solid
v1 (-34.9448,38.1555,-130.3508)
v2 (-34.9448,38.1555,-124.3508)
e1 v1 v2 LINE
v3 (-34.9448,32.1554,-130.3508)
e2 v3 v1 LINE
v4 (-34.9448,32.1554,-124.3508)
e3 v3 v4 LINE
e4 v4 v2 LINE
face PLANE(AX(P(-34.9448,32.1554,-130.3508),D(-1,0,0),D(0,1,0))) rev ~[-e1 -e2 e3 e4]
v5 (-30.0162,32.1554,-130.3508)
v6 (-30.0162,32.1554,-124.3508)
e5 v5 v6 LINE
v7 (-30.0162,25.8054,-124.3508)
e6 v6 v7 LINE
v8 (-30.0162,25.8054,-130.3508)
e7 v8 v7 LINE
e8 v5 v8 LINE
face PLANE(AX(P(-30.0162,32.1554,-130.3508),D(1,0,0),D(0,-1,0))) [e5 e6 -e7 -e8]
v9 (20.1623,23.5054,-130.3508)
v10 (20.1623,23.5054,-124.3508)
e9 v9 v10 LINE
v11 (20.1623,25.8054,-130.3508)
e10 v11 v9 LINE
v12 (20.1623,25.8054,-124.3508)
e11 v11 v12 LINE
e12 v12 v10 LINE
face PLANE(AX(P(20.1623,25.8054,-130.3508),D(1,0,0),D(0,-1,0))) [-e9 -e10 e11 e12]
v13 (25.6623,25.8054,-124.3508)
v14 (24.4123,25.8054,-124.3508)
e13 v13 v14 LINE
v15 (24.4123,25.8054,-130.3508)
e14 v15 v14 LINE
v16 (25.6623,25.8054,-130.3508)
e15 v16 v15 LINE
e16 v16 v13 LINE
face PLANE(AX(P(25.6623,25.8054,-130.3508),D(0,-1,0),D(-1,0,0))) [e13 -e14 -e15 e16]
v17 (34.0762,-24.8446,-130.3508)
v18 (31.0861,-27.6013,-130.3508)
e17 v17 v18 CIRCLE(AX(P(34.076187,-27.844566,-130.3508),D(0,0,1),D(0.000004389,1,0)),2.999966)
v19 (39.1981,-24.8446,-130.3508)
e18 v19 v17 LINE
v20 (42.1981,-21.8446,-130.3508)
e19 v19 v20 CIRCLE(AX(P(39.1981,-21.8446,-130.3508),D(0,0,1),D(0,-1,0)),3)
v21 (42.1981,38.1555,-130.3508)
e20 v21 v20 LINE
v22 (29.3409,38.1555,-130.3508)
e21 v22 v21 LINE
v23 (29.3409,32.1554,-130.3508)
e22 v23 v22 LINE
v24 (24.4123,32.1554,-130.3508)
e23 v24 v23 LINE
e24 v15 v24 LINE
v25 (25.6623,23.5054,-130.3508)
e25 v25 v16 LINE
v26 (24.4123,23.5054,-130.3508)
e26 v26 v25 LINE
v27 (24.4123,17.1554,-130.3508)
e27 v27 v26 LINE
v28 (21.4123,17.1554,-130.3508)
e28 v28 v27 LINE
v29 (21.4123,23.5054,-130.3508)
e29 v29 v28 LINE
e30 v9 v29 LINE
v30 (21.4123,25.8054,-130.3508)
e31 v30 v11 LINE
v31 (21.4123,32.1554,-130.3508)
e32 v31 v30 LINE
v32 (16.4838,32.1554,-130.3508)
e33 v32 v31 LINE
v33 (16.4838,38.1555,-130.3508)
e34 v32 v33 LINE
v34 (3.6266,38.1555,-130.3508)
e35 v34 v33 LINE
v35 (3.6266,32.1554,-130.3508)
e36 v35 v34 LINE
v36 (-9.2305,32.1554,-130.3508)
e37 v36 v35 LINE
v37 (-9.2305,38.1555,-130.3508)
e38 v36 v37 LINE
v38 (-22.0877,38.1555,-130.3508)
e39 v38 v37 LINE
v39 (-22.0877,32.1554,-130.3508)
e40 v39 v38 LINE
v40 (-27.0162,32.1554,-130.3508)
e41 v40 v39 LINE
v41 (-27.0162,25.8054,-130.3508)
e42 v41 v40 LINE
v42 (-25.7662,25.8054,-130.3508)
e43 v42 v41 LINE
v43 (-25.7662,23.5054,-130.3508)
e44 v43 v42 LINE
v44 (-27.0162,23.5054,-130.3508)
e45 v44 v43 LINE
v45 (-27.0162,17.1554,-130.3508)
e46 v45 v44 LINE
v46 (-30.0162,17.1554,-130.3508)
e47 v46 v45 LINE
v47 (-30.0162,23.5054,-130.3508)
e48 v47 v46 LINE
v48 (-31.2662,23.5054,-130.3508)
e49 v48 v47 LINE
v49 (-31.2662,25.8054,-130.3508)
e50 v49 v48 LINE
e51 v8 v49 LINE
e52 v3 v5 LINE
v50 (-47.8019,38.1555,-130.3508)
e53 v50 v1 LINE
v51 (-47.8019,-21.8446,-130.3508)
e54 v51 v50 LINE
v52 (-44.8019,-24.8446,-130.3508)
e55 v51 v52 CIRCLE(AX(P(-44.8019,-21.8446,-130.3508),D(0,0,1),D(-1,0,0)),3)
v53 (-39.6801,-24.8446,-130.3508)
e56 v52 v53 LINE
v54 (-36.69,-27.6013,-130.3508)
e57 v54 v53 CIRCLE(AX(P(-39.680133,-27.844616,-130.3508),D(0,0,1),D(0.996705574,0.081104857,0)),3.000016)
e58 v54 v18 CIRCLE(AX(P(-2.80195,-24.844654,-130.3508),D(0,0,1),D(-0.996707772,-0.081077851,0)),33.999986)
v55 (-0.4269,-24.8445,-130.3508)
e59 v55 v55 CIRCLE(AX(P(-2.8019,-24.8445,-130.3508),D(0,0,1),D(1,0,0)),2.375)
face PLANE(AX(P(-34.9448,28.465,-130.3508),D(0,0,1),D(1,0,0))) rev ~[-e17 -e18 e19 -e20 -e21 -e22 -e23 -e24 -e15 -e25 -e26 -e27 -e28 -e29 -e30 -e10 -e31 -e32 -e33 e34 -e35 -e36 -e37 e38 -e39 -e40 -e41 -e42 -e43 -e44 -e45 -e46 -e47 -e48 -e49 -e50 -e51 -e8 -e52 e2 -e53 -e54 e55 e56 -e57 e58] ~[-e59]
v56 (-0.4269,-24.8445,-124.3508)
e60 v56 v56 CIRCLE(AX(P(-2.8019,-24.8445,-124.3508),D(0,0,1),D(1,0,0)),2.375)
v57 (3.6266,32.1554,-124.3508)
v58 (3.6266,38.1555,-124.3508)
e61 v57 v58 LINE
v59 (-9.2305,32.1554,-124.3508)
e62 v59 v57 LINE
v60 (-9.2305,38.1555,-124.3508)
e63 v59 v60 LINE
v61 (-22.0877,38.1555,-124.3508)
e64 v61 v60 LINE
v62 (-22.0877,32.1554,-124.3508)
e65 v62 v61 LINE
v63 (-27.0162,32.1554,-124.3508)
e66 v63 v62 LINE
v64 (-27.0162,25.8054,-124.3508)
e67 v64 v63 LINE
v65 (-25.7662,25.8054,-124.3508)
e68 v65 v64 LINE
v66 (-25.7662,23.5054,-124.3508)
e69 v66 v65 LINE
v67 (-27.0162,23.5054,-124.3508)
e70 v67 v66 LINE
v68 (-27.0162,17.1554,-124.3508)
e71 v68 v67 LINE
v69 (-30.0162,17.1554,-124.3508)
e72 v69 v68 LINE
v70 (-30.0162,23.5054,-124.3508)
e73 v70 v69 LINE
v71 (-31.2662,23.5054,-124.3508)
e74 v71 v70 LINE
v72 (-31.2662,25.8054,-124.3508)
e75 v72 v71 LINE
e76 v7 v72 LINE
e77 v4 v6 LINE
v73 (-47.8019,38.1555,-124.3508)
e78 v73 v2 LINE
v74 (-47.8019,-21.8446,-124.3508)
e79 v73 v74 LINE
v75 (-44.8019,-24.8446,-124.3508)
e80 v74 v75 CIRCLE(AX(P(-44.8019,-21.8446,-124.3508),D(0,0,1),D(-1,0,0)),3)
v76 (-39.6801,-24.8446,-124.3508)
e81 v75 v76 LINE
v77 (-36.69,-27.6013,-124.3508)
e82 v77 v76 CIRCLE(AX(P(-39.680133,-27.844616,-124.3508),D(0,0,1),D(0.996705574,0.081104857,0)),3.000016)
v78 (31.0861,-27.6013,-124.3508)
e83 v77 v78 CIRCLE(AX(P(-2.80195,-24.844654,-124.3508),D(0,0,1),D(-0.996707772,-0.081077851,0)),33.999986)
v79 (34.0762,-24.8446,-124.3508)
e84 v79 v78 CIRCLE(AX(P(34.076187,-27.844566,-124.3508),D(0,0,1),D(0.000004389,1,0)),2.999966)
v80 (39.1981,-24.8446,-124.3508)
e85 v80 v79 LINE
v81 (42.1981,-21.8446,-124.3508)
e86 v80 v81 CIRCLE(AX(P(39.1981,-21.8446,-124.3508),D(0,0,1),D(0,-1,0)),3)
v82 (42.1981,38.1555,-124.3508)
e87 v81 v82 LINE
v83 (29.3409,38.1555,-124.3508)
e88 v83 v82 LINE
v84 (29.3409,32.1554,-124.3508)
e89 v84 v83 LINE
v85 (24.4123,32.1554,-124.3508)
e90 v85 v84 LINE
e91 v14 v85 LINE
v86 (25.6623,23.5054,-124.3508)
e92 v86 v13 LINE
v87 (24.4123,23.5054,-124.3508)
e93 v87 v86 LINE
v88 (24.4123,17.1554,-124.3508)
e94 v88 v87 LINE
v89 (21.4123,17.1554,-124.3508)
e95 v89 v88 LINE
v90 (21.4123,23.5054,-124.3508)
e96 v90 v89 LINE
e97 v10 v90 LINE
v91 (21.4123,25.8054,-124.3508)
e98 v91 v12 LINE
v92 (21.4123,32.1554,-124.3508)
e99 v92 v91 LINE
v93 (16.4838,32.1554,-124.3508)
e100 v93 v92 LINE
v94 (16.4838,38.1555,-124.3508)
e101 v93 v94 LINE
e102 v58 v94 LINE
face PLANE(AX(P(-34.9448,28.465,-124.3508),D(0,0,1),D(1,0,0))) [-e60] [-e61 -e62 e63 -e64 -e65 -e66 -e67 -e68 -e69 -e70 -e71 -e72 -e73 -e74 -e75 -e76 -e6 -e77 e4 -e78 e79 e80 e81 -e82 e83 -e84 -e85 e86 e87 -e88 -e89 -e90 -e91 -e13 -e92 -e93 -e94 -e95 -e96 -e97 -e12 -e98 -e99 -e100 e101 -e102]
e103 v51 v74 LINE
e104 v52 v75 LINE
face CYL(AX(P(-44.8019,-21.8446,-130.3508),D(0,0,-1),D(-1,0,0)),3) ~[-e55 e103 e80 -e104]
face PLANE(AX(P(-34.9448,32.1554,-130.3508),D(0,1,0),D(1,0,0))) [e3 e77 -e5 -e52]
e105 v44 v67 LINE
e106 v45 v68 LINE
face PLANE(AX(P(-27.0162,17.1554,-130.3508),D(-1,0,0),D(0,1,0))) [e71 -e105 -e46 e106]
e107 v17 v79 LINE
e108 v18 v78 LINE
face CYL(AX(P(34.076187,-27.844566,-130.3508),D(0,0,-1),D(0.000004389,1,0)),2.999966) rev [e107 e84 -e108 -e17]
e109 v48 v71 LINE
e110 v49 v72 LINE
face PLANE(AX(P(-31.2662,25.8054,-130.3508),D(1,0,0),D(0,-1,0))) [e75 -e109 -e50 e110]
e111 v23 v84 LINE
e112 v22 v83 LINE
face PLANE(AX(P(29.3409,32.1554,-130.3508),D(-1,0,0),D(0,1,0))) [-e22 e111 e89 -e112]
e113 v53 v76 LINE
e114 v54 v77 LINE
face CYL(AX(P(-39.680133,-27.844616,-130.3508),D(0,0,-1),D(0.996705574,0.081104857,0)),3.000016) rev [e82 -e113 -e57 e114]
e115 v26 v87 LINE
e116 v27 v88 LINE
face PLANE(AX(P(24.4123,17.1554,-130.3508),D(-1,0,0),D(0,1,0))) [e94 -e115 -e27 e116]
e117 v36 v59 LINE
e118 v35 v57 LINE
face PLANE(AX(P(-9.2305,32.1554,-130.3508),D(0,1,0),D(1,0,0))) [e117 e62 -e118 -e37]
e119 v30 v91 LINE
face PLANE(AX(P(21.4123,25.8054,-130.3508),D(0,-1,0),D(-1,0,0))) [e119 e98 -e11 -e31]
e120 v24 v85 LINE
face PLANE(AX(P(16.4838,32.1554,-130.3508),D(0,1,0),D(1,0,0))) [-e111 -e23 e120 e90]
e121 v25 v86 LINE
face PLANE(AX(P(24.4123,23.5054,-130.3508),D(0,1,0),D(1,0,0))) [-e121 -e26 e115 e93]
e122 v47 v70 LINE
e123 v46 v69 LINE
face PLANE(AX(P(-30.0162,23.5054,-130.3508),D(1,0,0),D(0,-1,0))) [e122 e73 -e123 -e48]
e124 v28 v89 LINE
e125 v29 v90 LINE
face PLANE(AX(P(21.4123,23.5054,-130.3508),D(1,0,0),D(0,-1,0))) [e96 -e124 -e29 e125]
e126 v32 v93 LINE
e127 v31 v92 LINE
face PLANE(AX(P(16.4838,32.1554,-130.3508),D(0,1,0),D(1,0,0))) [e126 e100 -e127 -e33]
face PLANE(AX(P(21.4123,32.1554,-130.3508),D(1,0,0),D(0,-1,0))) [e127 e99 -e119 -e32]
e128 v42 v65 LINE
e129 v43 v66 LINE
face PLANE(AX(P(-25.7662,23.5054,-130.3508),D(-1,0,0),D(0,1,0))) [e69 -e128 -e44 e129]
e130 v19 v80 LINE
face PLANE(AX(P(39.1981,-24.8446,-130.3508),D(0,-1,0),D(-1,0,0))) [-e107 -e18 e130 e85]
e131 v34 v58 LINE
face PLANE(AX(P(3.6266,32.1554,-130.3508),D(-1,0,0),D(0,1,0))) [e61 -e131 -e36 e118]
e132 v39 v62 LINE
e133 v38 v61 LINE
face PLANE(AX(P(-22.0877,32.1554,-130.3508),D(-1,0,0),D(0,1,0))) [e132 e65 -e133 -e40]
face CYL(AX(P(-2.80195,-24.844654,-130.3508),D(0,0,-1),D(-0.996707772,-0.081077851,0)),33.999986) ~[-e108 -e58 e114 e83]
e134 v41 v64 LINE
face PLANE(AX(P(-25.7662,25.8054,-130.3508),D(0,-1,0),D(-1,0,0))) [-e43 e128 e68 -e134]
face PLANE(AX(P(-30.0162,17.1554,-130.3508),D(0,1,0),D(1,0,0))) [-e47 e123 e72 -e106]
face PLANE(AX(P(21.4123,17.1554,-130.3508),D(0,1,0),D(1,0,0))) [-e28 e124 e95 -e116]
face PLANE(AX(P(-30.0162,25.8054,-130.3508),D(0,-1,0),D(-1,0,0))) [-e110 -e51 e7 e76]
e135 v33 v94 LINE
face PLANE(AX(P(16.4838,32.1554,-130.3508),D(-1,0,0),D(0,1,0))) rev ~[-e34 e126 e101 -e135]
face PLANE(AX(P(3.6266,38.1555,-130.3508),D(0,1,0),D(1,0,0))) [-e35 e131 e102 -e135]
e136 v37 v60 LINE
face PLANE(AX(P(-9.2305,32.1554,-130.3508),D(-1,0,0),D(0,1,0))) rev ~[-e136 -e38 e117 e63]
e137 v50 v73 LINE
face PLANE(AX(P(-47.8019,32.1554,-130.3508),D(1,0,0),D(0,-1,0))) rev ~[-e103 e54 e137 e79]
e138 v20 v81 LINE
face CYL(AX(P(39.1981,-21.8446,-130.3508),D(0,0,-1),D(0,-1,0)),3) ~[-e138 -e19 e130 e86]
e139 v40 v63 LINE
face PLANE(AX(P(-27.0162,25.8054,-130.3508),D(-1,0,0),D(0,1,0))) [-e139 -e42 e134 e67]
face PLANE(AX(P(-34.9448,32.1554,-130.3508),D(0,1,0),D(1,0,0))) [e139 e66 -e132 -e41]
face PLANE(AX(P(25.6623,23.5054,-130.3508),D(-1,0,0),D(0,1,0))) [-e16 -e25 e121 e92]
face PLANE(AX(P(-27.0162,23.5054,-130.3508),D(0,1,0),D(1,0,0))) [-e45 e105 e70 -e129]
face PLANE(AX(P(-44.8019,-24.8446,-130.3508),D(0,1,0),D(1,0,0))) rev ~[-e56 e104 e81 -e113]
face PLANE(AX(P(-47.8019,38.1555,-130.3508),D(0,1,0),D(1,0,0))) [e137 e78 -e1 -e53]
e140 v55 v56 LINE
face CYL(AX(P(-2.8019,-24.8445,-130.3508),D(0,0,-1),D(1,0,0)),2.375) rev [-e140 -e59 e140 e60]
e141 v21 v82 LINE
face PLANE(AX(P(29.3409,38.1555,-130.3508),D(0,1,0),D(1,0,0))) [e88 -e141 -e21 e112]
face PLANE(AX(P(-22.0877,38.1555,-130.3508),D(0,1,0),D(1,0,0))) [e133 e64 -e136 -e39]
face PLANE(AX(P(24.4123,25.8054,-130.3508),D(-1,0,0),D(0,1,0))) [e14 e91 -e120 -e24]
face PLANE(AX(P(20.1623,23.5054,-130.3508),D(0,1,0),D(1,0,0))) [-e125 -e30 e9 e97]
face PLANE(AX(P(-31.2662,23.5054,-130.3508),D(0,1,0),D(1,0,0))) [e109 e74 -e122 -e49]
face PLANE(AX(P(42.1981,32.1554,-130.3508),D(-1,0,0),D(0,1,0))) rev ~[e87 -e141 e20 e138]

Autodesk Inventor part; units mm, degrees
ref_plane "YZ Plane" through (0, 0, 0) normal (1, 0, 0) x (0, 1, 0)
ref_plane "XZ Plane" through (0, 0, 0) normal (0, 1, 0) x (-1, 0, 0)
ref_plane "XY Plane" through (0, 0, 0) normal (0, 0, 1) x (1, 0, 0)
ref_plane "РабПлоскость1" through (-34.9448, 28.465, -130.3508) normal (0, 0, 1) x (1, 0, 0)
ref_plane "РабПлоскость2" through (-162.802, 331.465, 111.3492) normal (0, 0, 1) x (1, 0, 0)
sketch "Эскиз1" plane through (-34.9448, 28.465, -130.3508) normal (0, 0, 1) x (1, 0, 0)
  line L0 (0, 3.6904) -> (-12.8571, 3.6904) construction
  line L1 (0, 3.6904) -> (0, 9.6905) projected
  line L2 (-12.8571, 9.6905) -> (0, 9.6905) projected
  line L3 (-12.8571, 3.6904) -> (-12.8571, 9.6905) projected
  line L4 (25.7143, 3.6904) -> (12.8571, 3.6904) construction
  line L5 (25.7143, 3.6904) -> (25.7143, 9.6905) projected
  line L6 (12.8571, 9.6905) -> (25.7143, 9.6905) projected
  line L7 (12.8571, 3.6904) -> (12.8571, 9.6905) projected
  line L8 (51.4286, 3.6904) -> (38.5714, 3.6904) construction
  line L9 (51.4286, 3.6904) -> (51.4286, 9.6905) projected
  line L10 (38.5714, 9.6905) -> (51.4286, 9.6905) projected
  line L11 (38.5714, 3.6904) -> (38.5714, 9.6905) projected
  line L12 (77.1429, 3.6904) -> (64.2857, 3.6904) construction
  line L13 (77.1429, 3.6904) -> (77.1429, 9.6905) projected
  line L14 (64.2857, 9.6905) -> (77.1429, 9.6905) projected
  line L15 (64.2857, 3.6904) -> (64.2857, 9.6905) projected
  line L16 (0, 3.6904) -> (12.8571, 3.6904)
  line L17 (25.7143, 3.6904) -> (38.5714, 3.6904)
  line L18 (51.4286, 3.6904) -> (64.2857, 3.6904)
  line L19 (-12.8571, 3.6904) -> (-12.8571, -50.3096)
  line L20 (-9.8571, -53.3096) -> (-4.7353, -53.3096)
  line L21 (77.1429, 3.6904) -> (77.1429, -50.3096)
  line L22 (74.1429, -53.3096) -> (69.021, -53.3096)
  line L23 (-1.8571, -53.3096) -> (66.1429, -53.3096) construction
  arc A0 (-1.7452, -56.0663) -> (66.0309, -56.0663) centre (32.1429, -53.3096) ccw
  arc A1 (-1.7452, -56.0663) -> (-4.7353, -53.3096) centre (-4.7353, -56.3096) ccw
  arc A2 (69.021, -53.3096) -> (66.0309, -56.0663) centre (69.021, -56.3096) ccw
  arc A3 (74.1429, -53.3096) -> (77.1429, -50.3096) centre (74.1429, -50.3096) ccw
  arc A4 (-12.8571, -50.3096) -> (-9.8571, -53.3096) centre (-9.8571, -50.3096) ccw
  circle A5 centre (32.1429, -53.3095) radius 2.375
  point P0 (34.9448, -28.465)
  point P1 (77.1429, -53.3096)
  dimension "d0" = 57
  dimension "d1" = 34
  dimension "d2" = 3
  dimension "d3" = 6
  dimension "d14" = 4.75
extrude "Выдавливание1" add sketch "Эскиз1" along normal blind 6
sketch "Эскиз2" plane through (-34.9448, 28.465, -130.3508) normal (0, 0, -1) x (-1, 0, 0)
  line L0 (-4.9286, 3.6904) -> (-4.9286, -2.6596)
  line L1 (-4.9286, -2.6596) -> (-3.6786, -2.6596)
  line L2 (-3.6786, -2.6596) -> (-3.6786, -4.9596)
  line L3 (-3.6786, -4.9596) -> (-4.9286, -4.9596)
  line L4 (-4.9286, -4.9596) -> (-4.9286, -11.3096)
  line L5 (-4.9286, -11.3096) -> (-7.9286, -11.3096)
  line L6 (-7.9286, -11.3096) -> (-7.9286, -4.9596)
  line L7 (-7.9286, -4.9596) -> (-9.1786, -4.9596)
  line L8 (-9.1786, -4.9596) -> (-9.1786, -2.6596)
  line L9 (-9.1786, -2.6596) -> (-7.9286, -2.6596)
  line L10 (-7.9286, -2.6596) -> (-7.9286, 3.6904)
  line L11 (-56.3571, 3.6904) -> (-59.3571, 3.6904)
  line L12 (-56.3571, 3.6904) -> (-56.3571, -2.6596)
  line L13 (-56.3571, -2.6596) -> (-55.1071, -2.6596)
  line L14 (-55.1071, -2.6596) -> (-55.1071, -4.9596)
  line L15 (-55.1071, -4.9596) -> (-56.3571, -4.9596)
  line L16 (-56.3571, -4.9596) -> (-56.3571, -11.3096)
  line L17 (-56.3571, -11.3096) -> (-59.3571, -11.3096)
  line L18 (-59.3571, -11.3096) -> (-59.3571, -4.9596)
  line L19 (-59.3571, -4.9596) -> (-60.6071, -4.9596)
  line L20 (-60.6071, -4.9596) -> (-60.6071, -2.6596)
  line L21 (-60.6071, -2.6596) -> (-59.3571, -2.6596)
  line L22 (-59.3571, -2.6596) -> (-59.3571, 3.6904)
  line L23 (-56.3571, 3.6904) -> (-59.3571, 3.6904) projected
  line L24 (-4.9286, 3.6904) -> (-7.9286, 3.6904) projected
  point P0 (-34.9448, -28.465)
  point P1 (-6.4286, 0)
  dimension "d9" = 5.5
  dimension "d10" = 2.3
  dimension "d11" = 15
extrude "Выдавливание2" cut sketch "Эскиз2" against normal blind 6
equation "\"d4\" = d3"
equation "\"d12\" = d3"
properties part number "Korpus 4"
